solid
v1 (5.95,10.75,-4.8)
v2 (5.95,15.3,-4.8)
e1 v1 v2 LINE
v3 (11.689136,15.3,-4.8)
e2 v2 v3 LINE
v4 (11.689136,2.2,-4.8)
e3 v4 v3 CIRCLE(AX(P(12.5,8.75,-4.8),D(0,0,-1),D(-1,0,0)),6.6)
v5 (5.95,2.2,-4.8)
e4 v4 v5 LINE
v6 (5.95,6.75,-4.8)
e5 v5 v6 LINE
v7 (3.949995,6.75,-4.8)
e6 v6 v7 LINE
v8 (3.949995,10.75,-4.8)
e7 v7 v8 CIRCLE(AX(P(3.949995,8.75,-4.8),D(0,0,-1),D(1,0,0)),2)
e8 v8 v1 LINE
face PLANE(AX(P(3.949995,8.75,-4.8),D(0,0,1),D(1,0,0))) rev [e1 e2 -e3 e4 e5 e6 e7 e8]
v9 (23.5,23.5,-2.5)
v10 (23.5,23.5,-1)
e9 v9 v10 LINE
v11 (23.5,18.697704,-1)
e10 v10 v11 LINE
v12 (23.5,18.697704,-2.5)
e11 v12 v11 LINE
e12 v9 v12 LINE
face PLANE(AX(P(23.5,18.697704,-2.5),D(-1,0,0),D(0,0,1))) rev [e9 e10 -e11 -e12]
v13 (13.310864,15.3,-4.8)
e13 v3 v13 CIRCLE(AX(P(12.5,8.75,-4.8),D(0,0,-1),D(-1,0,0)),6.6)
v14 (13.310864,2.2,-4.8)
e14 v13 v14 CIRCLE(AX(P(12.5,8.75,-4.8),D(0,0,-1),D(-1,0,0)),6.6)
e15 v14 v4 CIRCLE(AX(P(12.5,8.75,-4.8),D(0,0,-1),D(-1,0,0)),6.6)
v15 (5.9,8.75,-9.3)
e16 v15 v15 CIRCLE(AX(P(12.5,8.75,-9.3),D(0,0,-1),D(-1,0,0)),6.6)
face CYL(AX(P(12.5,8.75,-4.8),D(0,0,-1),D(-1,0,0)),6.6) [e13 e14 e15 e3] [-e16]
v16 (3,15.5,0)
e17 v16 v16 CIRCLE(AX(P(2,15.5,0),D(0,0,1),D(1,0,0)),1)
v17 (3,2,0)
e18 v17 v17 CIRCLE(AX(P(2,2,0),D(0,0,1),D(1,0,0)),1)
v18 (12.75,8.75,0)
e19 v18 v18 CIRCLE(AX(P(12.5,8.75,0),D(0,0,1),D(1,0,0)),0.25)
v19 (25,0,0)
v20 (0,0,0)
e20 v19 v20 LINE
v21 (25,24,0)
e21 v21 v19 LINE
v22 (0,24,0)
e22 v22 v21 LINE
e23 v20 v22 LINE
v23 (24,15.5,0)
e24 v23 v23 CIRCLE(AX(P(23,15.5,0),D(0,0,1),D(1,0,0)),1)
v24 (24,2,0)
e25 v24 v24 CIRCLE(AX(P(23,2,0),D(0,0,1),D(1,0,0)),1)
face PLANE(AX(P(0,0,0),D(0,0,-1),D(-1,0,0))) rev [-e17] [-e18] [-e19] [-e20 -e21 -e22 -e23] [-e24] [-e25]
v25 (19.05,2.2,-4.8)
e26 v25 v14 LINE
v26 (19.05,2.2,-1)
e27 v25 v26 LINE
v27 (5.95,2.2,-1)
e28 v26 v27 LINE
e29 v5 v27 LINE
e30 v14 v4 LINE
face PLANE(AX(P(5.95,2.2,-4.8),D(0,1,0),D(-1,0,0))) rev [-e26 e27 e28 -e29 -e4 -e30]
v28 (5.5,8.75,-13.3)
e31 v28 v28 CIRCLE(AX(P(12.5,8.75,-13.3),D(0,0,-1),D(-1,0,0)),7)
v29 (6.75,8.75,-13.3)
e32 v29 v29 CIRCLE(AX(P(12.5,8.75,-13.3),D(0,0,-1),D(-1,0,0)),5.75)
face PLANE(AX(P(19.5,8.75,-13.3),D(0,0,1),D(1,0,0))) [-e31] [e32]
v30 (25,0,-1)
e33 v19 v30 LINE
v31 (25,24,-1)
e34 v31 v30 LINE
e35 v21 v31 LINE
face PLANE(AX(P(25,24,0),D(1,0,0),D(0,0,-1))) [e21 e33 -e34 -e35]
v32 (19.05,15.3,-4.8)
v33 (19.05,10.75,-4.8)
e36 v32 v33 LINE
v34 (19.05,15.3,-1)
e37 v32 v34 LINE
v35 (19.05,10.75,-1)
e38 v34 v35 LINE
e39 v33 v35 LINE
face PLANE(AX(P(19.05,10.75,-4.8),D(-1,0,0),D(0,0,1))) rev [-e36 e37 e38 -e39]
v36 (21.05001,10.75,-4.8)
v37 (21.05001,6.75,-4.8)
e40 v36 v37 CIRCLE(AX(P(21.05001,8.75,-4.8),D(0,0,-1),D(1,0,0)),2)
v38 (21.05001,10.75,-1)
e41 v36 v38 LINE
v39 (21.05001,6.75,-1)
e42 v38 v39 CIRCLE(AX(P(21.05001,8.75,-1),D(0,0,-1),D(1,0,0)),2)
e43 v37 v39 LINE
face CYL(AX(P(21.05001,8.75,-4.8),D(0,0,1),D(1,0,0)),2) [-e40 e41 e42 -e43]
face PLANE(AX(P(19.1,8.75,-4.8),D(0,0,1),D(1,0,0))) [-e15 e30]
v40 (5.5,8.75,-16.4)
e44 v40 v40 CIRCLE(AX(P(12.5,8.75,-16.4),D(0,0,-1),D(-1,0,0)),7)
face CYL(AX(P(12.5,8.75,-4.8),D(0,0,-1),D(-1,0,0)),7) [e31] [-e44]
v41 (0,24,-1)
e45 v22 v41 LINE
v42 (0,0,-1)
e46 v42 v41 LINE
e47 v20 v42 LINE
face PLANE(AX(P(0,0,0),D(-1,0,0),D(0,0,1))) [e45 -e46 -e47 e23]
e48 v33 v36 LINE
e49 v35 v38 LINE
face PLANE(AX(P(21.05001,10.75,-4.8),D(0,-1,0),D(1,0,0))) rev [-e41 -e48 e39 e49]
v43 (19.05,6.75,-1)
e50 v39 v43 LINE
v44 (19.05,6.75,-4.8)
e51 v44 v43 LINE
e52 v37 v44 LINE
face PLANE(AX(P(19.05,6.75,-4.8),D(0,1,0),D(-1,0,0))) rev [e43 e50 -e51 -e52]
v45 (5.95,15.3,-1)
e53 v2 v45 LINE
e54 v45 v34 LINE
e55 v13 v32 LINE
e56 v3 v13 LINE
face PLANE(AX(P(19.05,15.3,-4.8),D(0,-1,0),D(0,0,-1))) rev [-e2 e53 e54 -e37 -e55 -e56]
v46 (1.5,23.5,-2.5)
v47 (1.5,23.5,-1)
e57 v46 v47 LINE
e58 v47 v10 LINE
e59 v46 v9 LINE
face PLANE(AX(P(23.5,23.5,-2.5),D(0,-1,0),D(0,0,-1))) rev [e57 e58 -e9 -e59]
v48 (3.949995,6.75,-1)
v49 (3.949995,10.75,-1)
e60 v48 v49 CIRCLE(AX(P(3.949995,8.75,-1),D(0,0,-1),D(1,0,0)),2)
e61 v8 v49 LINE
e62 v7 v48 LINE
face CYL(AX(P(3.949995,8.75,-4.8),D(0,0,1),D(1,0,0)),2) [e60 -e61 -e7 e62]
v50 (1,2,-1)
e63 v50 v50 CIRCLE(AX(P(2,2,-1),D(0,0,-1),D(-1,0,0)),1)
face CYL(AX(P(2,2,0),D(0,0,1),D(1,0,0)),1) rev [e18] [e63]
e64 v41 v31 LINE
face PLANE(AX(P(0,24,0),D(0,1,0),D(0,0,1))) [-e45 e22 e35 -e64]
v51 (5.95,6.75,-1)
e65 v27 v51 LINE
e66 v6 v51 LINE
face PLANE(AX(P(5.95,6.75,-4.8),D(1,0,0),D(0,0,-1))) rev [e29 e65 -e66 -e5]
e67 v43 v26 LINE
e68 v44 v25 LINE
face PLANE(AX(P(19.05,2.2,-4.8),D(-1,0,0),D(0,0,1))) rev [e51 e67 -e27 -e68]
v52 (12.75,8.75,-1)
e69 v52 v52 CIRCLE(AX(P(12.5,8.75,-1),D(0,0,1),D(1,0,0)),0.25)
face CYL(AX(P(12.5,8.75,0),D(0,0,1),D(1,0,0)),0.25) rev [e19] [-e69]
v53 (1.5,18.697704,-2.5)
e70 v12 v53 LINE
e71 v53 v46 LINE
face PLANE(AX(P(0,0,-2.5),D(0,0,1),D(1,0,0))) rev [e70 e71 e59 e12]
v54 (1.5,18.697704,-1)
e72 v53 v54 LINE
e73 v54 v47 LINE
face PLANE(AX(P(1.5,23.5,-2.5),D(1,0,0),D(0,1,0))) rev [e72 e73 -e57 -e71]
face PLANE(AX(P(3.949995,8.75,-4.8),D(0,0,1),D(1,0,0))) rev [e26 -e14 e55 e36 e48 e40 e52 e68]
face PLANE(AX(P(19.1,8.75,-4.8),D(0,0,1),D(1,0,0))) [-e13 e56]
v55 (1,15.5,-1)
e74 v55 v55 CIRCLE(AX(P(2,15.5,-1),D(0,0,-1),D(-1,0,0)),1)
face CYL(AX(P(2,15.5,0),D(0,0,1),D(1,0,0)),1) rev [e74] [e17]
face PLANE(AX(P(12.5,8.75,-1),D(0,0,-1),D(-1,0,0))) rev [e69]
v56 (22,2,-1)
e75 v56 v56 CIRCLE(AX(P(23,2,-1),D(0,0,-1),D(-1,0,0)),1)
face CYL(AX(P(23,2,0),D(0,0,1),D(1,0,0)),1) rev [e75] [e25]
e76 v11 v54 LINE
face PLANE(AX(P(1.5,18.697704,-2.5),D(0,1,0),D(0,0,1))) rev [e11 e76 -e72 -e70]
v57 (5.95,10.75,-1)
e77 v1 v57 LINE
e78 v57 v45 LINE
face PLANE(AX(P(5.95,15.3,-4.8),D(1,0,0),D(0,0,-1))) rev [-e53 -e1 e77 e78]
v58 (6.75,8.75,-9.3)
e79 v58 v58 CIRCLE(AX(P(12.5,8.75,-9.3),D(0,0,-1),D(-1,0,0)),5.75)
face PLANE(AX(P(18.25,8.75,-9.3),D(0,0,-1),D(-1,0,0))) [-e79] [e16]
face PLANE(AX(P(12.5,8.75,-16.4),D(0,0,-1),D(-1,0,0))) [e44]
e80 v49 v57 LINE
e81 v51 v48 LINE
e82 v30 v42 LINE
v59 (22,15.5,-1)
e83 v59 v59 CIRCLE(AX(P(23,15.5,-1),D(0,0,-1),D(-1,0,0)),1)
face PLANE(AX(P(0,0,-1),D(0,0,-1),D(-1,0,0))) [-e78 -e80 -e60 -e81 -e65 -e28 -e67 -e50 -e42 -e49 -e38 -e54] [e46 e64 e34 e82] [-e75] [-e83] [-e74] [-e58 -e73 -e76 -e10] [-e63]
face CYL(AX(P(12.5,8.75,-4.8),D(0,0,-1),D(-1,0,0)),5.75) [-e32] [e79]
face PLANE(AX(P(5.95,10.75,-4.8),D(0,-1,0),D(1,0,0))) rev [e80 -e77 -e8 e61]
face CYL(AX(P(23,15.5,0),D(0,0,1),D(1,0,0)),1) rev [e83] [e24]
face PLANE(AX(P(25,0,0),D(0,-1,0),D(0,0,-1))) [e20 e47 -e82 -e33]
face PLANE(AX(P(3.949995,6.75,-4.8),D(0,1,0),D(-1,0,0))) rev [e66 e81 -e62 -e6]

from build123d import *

# Parameters (mm, degrees)
SKETCH_1_W             = 25
SKETCH_1_H             = 24
EXTRUDE_271_DEPTH      = 1
EXTRUDE_458_DEPTH      = 3.8
SKETCH_3_W             = 22
SKETCH_3_H             = 4.802295703
EXTRUDE_725_DEPTH      = 1.5
HOLE_WIZARD_886_D      = 0.5
HOLE_WIZARD_886_DEPTH  = 1
HOLE_WIZARD_1548_D     = 2
HOLE_WIZARD_1548_DEPTH = 16.4


with BuildPart() as part:
    # Эскиз1 → Extrude 271 (new body)
    with BuildSketch(Plane(origin=(0, 0, -1), x_dir=(-1, 0, 0), z_dir=(0, 0, -1))):
        with Locations((-12.5, 12)):
            Rectangle(SKETCH_1_W, SKETCH_1_H)
    extrude(amount=-EXTRUDE_271_DEPTH)

    # Эскиз2 → Extrude 458 (add)
    with BuildSketch(Plane(origin=(0, 0, -1), x_dir=(-1, 0, 0), z_dir=(0, 0, -1))):
        with BuildLine():
            Line((-5.95, 10.75), (-3.949995117, 10.75))
            ThreePointArc((-3.949995117, 10.75), (-1.949995117, 8.75), (-3.949995117, 6.75))
            Line((-3.949995117, 6.75), (-5.95, 6.75))
            Line((-5.95, 6.75), (-5.95, 2.2))
            Line((-5.95, 2.2), (-19.05, 2.2))
            Line((-19.05, 2.2), (-19.05, 6.75))
            Line((-19.05, 6.75), (-21.050009766, 6.75))
            ThreePointArc((-21.050009766, 6.75), (-23.050009766, 8.75), (-21.050009766, 10.75))
            Line((-21.050009766, 10.75), (-19.05, 10.75))
            Line((-19.05, 10.75), (-19.05, 15.3))
            Line((-19.05, 15.3), (-5.95, 15.3))
            Line((-5.95, 15.3), (-5.95, 10.75))
        make_face()
    extrude(amount=EXTRUDE_458_DEPTH)

    # Эскиз3 → Extrude 725 (add)
    with BuildSketch(Plane(origin=(0, 0, -1), x_dir=(-1, 0, 0), z_dir=(0, 0, -1))):
        with Locations((-12.5, 21.098852149)):
            Rectangle(SKETCH_3_W, SKETCH_3_H)
    extrude(amount=EXTRUDE_725_DEPTH)

    # Эскиз4 → Revolve 834 (revolve)
    with BuildSketch(Plane.XZ.offset(-8.75), mode=Mode.PRIVATE) as revolve_834_sk:
        Polygon((19.1, -4.8), (12.5, -4.8), (12.5, -16.4), (19.5, -16.4), (19.5, -13.3), (18.25, -13.3), (18.25, -9.3), (19.1, -9.3), align=None)
    revolve(revolve_834_sk.sketch.rotate(Axis((12.5, 8.75, -4.8), (0, 0, -1)), 180), axis=Axis((12.5, 8.75, -4.8), (0, 0, -1)))

    # Hole Wizard 886
    with Locations(Plane.XY):
        with Locations((12.5, 8.75)):
            Hole(HOLE_WIZARD_886_D / 2, depth=HOLE_WIZARD_886_DEPTH)

    # Hole Wizard 1548
    with Locations(Plane.XY):
        with Locations((2, 2), (2, 15.5), (23, 15.5), (23, 2)):
            Hole(HOLE_WIZARD_1548_D / 2, depth=HOLE_WIZARD_1548_DEPTH)


solid = part.part
